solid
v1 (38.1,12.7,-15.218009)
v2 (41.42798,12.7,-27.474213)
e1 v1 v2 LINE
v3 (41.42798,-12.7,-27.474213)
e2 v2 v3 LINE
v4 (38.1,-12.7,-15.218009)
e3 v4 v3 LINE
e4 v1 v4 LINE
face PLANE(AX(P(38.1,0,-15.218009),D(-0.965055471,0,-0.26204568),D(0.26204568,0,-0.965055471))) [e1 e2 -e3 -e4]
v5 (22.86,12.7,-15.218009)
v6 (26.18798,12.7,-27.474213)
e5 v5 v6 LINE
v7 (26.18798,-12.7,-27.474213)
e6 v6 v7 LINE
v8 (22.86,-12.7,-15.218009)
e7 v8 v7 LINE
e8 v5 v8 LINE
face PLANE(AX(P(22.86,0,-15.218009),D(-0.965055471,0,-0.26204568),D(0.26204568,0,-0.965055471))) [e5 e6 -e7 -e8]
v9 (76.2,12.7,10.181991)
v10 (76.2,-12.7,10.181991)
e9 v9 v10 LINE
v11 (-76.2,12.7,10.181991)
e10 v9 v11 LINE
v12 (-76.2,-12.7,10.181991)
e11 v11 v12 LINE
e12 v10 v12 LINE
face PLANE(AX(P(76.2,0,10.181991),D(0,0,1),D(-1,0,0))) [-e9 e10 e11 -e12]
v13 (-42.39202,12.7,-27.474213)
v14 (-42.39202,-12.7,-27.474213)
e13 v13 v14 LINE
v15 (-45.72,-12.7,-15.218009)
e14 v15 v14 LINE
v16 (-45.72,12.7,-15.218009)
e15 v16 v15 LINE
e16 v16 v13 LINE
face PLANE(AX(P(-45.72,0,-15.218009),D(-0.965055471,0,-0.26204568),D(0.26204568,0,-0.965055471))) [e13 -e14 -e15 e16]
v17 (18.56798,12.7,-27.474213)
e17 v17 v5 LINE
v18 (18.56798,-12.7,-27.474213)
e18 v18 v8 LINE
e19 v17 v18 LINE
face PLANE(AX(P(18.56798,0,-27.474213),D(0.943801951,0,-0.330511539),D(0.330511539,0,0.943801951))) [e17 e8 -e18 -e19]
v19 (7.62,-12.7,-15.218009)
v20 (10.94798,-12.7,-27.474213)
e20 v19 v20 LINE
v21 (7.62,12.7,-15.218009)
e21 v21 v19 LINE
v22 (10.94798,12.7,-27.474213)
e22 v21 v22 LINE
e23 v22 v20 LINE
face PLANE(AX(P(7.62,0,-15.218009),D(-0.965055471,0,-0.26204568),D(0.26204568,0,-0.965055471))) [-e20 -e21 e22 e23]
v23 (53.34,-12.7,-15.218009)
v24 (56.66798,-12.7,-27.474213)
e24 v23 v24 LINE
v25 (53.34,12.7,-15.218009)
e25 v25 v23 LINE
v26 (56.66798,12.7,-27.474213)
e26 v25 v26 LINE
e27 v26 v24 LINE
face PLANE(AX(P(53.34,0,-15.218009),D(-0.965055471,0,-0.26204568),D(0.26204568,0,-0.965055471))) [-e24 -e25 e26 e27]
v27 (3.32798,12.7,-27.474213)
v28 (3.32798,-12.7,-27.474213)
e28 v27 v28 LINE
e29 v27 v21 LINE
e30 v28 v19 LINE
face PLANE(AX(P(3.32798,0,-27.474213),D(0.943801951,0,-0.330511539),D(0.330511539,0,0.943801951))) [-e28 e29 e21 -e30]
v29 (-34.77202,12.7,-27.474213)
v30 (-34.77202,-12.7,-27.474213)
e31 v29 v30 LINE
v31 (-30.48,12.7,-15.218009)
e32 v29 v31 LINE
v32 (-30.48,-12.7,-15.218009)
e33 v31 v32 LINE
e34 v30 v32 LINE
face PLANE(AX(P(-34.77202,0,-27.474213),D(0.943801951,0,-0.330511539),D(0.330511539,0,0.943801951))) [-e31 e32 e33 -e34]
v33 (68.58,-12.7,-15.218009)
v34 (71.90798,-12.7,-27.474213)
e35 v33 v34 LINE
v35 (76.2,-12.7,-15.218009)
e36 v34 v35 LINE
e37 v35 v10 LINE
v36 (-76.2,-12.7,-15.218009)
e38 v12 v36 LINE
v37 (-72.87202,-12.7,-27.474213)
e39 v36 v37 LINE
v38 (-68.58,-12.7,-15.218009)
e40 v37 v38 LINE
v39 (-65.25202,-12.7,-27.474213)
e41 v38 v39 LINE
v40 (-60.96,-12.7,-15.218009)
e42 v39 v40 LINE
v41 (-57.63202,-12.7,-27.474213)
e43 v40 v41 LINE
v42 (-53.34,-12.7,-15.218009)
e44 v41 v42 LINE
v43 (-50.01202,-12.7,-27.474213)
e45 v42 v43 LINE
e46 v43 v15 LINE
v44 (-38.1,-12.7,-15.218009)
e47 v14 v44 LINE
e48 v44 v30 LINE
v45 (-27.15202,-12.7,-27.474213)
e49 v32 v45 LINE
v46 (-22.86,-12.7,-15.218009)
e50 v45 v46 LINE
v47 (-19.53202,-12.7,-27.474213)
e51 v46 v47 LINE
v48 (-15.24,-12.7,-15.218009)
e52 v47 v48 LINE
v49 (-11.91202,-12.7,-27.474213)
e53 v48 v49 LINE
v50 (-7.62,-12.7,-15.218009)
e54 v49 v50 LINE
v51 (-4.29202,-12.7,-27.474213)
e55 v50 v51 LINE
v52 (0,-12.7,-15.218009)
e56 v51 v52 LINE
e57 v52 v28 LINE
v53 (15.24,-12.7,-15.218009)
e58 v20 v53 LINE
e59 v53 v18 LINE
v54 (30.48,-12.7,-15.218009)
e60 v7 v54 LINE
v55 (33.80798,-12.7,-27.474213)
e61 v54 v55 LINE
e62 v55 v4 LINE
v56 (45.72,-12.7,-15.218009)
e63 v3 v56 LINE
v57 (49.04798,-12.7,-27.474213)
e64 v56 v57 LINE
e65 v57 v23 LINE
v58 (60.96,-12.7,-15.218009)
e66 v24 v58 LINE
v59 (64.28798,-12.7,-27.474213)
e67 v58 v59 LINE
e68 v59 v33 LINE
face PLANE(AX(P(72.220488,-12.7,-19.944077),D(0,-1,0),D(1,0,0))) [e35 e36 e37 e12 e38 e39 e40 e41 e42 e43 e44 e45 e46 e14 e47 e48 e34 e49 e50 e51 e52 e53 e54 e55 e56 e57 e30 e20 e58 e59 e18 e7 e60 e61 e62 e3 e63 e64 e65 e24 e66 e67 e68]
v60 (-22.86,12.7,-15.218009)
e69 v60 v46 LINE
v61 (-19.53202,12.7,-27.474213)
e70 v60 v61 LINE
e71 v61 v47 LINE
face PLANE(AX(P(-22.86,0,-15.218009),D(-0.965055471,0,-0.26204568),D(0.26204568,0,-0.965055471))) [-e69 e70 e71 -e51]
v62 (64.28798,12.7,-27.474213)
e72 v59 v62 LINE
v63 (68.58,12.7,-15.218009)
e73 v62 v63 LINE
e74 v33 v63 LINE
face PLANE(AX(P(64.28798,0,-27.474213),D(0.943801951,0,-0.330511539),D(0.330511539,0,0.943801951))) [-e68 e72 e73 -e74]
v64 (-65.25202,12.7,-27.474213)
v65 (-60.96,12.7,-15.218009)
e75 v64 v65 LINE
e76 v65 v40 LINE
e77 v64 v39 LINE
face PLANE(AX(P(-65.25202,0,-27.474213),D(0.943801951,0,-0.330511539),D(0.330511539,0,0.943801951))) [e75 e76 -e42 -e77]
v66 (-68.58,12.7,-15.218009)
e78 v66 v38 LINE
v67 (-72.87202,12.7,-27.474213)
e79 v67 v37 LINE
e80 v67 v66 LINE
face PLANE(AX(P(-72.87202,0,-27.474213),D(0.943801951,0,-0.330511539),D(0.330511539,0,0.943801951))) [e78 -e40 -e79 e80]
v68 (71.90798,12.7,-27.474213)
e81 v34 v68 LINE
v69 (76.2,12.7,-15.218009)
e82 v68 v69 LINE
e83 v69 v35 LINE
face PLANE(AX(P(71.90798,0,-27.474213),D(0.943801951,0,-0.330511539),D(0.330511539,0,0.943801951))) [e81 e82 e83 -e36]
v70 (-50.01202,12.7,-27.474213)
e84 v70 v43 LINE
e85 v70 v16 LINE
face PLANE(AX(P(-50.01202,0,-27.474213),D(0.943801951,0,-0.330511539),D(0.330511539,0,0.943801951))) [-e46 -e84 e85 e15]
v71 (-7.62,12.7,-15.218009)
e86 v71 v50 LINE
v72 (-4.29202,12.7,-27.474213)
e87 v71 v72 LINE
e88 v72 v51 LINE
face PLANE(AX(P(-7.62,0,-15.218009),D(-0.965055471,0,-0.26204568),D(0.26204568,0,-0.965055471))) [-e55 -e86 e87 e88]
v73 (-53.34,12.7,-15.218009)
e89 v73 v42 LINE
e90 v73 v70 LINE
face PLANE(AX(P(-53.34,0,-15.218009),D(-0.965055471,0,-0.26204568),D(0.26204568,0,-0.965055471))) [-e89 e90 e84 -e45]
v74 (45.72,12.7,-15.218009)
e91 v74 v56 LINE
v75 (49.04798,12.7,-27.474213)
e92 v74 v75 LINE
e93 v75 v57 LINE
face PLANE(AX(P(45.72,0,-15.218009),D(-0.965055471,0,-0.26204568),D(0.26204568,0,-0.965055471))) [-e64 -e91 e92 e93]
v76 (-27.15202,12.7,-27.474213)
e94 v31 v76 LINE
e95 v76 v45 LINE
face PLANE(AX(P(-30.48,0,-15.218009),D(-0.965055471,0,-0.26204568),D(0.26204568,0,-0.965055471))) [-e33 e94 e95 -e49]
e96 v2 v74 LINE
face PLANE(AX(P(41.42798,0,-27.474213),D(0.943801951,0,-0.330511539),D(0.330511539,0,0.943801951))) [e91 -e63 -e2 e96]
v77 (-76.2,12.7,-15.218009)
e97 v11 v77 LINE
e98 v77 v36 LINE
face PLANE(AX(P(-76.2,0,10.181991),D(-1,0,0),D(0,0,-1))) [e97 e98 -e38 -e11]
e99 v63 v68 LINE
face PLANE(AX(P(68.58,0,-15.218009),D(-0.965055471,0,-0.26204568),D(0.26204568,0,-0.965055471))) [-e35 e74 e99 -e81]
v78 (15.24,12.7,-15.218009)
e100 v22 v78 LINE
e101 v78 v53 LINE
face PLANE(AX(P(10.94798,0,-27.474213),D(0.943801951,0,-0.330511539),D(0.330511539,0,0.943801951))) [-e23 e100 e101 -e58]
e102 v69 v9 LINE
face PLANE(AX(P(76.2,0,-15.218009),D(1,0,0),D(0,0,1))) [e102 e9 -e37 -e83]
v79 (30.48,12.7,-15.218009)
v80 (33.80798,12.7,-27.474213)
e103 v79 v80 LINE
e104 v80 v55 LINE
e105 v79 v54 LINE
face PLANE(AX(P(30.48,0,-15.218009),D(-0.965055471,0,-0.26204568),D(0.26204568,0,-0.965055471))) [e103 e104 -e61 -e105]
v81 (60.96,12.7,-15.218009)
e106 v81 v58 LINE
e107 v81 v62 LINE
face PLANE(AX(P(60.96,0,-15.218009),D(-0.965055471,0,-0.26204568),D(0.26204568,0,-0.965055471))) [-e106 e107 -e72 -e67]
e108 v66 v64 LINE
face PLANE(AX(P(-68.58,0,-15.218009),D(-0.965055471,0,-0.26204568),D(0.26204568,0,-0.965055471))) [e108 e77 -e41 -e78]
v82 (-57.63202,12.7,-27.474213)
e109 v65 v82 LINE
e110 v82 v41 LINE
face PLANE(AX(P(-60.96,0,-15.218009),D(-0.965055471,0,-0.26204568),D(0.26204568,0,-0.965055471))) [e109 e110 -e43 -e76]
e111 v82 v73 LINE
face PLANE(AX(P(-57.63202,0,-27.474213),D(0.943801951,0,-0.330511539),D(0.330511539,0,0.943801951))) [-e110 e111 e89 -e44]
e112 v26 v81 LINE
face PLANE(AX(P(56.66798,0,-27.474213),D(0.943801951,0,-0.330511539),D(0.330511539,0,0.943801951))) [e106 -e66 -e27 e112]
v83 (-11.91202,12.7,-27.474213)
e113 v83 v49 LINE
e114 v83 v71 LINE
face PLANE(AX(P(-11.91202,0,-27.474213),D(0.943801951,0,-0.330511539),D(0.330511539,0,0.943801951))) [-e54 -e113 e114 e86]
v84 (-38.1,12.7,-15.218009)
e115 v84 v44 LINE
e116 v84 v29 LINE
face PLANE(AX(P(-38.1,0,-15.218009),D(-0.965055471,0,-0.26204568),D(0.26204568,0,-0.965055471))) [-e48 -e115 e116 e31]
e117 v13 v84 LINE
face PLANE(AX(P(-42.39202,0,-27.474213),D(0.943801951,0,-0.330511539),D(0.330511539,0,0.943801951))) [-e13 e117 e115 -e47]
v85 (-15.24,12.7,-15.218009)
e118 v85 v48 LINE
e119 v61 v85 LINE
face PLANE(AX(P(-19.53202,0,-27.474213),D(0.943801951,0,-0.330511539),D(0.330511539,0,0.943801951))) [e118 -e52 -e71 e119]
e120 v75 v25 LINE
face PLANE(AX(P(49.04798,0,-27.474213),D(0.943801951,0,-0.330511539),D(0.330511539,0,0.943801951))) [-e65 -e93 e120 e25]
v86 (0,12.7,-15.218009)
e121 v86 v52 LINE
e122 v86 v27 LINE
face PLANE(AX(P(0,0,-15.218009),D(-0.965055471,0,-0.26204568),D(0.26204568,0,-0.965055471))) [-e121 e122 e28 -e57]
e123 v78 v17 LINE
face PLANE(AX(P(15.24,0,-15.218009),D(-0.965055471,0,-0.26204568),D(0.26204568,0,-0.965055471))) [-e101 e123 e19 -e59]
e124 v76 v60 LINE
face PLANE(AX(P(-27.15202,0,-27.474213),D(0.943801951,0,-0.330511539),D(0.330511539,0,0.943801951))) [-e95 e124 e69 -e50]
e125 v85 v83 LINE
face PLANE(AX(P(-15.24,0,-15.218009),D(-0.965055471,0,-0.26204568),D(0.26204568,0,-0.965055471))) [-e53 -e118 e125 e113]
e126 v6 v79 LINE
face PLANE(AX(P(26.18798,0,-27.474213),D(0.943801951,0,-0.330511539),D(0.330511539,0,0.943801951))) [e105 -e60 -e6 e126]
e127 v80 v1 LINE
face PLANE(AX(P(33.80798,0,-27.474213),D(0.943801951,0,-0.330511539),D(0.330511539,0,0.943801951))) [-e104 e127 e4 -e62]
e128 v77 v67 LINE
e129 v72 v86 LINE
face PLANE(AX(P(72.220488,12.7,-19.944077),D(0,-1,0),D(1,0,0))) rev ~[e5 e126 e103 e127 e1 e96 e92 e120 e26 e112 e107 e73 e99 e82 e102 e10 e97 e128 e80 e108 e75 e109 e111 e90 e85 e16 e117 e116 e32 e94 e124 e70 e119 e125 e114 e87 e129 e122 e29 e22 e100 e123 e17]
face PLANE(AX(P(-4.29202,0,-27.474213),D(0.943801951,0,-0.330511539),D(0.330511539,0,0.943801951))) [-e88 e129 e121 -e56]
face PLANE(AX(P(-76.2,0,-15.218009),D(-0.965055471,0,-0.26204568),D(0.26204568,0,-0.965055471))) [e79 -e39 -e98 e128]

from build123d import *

# Parameters (mm, degrees)
F1_DEPTH = 12.7


with BuildPart() as f1:
    # F0 (on Front) → F1 (new body, symmetric)
    with BuildSketch(Plane.XZ):
        Polygon((71.90798, -27.474213), (76.2, -15.218009), (68.58, -15.218009), align=None)
        Polygon((64.28798, -27.474213), (68.58, -15.218009), (60.96, -15.218009), align=None)
        Polygon((56.66798, -27.474213), (60.96, -15.218009), (53.34, -15.218009), align=None)
        Polygon((49.04798, -27.474213), (53.34, -15.218009), (45.72, -15.218009), align=None)
        Polygon((41.42798, -27.474213), (45.72, -15.218009), (38.1, -15.218009), align=None)
        Polygon((33.80798, -27.474213), (38.1, -15.218009), (30.48, -15.218009), align=None)
        Polygon((26.18798, -27.474213), (30.48, -15.218009), (22.86, -15.218009), align=None)
        Polygon((18.56798, -27.474213), (22.86, -15.218009), (15.24, -15.218009), align=None)
        Polygon((10.94798, -27.474213), (15.24, -15.218009), (7.62, -15.218009), align=None)
        Polygon((3.32798, -27.474213), (7.62, -15.218009), (0, -15.218009), align=None)
        Polygon((0, -15.218009), (-7.62, -15.218009), (-4.29202, -27.474213), align=None)
        Polygon((-7.62, -15.218009), (-15.24, -15.218009), (-11.91202, -27.474213), align=None)
        Polygon((-15.24, -15.218009), (-22.86, -15.218009), (-19.53202, -27.474213), align=None)
        Polygon((-22.86, -15.218009), (-30.48, -15.218009), (-27.15202, -27.474213), align=None)
        Polygon((-30.48, -15.218009), (-38.1, -15.218009), (-34.77202, -27.474213), align=None)
        Polygon((-38.1, -15.218009), (-45.72, -15.218009), (-42.39202, -27.474213), align=None)
        Polygon((-45.72, -15.218009), (-53.34, -15.218009), (-50.01202, -27.474213), align=None)
        Polygon((-53.34, -15.218009), (-60.96, -15.218009), (-57.63202, -27.474213), align=None)
        Polygon((-60.96, -15.218009), (-68.58, -15.218009), (-65.25202, -27.474213), align=None)
        Polygon((-68.58, -15.218009), (-76.2, -15.218009), (-72.87202, -27.474213), align=None)
        Polygon((76.2, -15.218009), (76.2, 10.181991), (-76.2, 10.181991), (-76.2, -15.218009), (-68.58, -15.218009), (-60.96, -15.218009), (-53.34, -15.218009), (-45.72, -15.218009), (-38.1, -15.218009), (-30.48, -15.218009), (-22.86, -15.218009), (-15.24, -15.218009), (-7.62, -15.218009), (0, -15.218009), (7.62, -15.218009), (15.24, -15.218009), (22.86, -15.218009), (30.48, -15.218009), (38.1, -15.218009), (45.72, -15.218009), (53.34, -15.218009), (60.96, -15.218009), (68.58, -15.218009), align=None)
    extrude(amount=F1_DEPTH, both=True)


solid = f1.part
